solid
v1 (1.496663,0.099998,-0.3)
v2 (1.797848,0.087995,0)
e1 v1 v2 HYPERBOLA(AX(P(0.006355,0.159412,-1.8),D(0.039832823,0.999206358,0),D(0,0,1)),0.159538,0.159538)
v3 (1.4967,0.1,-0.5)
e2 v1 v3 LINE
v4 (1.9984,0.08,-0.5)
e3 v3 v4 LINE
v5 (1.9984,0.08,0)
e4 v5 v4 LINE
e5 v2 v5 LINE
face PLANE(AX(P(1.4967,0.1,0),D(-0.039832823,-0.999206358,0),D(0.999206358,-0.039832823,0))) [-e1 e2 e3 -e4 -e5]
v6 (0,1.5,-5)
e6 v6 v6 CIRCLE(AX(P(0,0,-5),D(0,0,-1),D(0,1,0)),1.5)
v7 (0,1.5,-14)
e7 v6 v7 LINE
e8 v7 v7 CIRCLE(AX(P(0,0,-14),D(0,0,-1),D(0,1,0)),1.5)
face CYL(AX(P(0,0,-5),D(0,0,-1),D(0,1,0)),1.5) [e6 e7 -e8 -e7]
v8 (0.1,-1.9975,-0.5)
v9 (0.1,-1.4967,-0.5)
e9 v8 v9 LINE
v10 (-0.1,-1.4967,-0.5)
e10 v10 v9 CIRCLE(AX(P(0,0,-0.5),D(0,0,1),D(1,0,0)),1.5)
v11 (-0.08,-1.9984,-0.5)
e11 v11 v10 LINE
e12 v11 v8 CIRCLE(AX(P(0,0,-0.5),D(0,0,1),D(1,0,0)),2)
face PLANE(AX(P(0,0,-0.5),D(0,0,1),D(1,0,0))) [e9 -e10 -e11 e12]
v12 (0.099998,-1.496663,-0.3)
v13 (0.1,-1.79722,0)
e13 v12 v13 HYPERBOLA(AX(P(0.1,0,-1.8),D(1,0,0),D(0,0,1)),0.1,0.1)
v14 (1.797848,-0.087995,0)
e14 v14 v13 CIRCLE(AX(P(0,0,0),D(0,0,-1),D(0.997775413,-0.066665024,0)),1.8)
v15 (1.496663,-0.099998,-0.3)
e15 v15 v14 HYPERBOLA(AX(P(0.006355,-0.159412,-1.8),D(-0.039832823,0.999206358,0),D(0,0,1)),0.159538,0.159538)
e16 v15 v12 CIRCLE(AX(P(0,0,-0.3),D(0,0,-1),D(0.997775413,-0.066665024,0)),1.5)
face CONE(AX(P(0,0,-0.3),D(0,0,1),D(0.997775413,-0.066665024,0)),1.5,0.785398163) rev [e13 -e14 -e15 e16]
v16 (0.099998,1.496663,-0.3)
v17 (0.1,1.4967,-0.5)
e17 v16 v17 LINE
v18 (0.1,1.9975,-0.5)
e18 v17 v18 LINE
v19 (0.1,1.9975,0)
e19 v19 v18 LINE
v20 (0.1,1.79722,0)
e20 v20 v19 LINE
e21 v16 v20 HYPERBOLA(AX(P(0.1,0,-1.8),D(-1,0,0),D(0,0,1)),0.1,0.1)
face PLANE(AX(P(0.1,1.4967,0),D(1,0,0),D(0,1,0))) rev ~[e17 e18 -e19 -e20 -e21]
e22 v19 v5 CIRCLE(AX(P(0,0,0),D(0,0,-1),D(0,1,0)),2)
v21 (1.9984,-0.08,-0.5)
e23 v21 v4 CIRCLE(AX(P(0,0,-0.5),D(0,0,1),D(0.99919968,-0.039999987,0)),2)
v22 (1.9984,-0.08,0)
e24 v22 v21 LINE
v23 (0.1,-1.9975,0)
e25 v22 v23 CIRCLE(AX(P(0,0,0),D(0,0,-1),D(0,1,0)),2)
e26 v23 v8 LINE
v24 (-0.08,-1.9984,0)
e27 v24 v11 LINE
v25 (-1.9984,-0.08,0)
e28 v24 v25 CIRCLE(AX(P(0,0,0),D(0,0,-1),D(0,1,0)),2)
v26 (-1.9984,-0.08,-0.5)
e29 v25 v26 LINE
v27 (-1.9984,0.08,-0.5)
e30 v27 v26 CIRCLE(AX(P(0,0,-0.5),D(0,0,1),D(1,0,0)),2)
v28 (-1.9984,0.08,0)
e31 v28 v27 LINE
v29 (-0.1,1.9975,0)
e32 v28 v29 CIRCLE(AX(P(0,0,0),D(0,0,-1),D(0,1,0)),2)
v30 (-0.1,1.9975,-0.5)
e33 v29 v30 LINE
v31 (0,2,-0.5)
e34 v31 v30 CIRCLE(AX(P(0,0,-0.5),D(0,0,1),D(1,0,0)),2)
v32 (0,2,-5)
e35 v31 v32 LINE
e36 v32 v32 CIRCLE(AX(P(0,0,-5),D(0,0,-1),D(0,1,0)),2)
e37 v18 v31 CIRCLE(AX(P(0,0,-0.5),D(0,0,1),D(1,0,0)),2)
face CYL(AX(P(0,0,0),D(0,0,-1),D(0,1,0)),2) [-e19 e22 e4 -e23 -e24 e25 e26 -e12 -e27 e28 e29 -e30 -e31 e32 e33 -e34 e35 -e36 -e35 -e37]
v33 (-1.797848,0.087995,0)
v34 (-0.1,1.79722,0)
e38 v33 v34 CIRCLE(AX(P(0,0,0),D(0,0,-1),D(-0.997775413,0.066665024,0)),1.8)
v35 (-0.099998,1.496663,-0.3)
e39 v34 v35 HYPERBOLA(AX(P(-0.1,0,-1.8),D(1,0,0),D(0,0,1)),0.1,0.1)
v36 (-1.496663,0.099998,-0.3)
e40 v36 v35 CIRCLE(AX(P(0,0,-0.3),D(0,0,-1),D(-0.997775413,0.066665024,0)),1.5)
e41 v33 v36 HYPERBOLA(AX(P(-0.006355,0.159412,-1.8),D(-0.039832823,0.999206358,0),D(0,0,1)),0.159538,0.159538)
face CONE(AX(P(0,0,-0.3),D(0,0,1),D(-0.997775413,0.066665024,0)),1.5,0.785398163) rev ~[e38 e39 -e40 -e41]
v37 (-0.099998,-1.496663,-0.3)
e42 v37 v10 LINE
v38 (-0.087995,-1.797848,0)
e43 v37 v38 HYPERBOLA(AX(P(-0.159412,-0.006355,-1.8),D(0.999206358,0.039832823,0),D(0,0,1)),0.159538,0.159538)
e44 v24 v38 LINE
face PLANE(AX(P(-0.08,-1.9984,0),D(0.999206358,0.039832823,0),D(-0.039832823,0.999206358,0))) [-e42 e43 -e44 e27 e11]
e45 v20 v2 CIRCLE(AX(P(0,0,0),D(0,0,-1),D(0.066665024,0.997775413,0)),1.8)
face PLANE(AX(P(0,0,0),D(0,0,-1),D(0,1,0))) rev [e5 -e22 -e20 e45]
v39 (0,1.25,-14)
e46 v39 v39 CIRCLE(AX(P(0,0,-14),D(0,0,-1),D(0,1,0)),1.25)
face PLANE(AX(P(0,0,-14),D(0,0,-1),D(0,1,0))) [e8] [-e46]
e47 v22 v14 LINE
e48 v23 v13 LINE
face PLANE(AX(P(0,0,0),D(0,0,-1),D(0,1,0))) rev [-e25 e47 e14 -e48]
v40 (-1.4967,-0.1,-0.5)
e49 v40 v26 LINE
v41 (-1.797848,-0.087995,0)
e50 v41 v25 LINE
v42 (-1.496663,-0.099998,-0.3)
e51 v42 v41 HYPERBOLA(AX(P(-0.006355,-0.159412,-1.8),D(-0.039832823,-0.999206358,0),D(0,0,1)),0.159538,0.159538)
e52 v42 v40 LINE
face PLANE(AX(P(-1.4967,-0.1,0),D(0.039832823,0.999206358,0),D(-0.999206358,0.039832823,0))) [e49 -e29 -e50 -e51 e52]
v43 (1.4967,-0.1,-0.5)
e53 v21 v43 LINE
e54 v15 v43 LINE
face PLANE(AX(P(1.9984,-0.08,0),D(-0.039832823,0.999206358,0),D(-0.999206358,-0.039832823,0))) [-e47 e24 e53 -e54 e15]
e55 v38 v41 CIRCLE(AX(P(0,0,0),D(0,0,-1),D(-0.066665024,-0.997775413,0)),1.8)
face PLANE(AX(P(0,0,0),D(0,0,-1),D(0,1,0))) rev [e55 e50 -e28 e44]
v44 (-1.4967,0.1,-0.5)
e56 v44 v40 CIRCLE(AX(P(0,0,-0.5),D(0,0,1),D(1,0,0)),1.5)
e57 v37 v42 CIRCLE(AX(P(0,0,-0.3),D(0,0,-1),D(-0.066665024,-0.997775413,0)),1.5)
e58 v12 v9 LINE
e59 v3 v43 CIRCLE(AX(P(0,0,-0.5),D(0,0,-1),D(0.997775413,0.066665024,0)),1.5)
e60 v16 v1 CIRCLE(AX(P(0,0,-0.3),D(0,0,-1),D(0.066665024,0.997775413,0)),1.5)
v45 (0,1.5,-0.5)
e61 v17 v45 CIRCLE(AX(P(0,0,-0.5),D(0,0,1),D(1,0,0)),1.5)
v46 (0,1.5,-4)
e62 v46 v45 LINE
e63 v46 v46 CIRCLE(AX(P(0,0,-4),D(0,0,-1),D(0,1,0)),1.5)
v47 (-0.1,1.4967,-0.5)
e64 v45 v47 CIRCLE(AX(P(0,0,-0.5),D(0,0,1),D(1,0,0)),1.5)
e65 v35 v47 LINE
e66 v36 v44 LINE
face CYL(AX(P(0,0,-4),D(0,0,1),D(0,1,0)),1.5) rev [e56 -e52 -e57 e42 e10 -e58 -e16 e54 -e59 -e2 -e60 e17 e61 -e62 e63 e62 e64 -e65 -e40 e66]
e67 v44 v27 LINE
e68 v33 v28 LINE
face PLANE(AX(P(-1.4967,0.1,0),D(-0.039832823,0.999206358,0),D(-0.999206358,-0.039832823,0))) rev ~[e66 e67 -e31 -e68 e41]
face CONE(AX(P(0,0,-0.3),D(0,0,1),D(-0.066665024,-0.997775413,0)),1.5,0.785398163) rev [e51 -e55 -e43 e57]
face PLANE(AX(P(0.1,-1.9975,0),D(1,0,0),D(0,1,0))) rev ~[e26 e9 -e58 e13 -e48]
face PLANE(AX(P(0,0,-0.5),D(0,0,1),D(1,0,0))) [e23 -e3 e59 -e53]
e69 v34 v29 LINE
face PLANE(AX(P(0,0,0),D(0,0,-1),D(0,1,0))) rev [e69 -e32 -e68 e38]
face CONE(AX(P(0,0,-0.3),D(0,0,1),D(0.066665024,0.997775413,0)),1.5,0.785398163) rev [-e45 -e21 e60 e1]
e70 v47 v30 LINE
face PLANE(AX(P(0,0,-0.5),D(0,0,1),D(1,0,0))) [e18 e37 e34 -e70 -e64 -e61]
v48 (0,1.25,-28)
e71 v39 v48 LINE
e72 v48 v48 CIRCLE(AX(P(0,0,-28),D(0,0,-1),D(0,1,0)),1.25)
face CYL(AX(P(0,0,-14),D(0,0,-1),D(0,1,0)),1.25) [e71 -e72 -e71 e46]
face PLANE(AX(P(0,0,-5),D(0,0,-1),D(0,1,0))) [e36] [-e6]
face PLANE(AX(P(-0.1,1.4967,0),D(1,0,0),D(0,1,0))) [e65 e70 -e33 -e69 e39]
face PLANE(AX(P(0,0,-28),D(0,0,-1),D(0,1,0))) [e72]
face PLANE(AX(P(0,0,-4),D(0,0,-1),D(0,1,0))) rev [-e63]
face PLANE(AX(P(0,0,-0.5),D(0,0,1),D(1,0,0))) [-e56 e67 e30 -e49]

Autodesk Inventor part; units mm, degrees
ref_plane "YZ Plane" through (0, 0, 0) normal (1, 0, 0) x (0, 1, 0)
ref_plane "XZ Plane" through (0, 0, 0) normal (0, 1, 0) x (-1, 0, 0)
ref_plane "XY Plane" through (0, 0, 0) normal (0, 0, 1) x (1, 0, 0)
sketch "Sketch1" plane through (0, 0, 0) normal (1, 0, 0) x (0, 1, 0)
  line L0 (0, 0) -> (0, -28) construction
  line L1 (0, 0) -> (2, 0)
  line L2 (2, 0) -> (2, -5)
  line L3 (2, -5) -> (0, -5)
  line L4 (0, -5) -> (0, 0)
  line L5 (0, -5) -> (1.5, -5)
  line L6 (1.5, -5) -> (1.5, -14)
  line L7 (1.5, -14) -> (0, -14)
  line L8 (0, -14) -> (0, -5)
  line L9 (0, -14) -> (1.25, -14)
  line L10 (1.25, -14) -> (1.25, -28)
  line L11 (1.25, -28) -> (0, -28)
  line L12 (0, -28) -> (0, -14)
  line L13 (1.5, -4) -> (1.5, 0)
  line L14 (0, -4) -> (1.5, -4)
  line L15 (2, 0) -> (1.5, 0)
  line L16 (0, -4) -> (0, -5)
  dimension "d0" = 28
  dimension "d2" = 5
  dimension "d5" = 9
  dimension "d6" = 3
  dimension "d7" = 1.25
  dimension "d23" = 4
  dimension "d24" = 0.5
revolve "Revolution1" add sketch "Sketch1" angle 360 about axis through (0, 0, 0) along (0, 0, -1) contours L1 L2 L3 L4 L14 L13 | L3 L6 L7 L8 | L7 L10 L11 L12
sketch "Sketch2" plane through (0, 0, 0) normal (0, 0, 1) x (1, 0, 0)
  line L0 (0, 0) -> (0, 5.9662) construction
  circle A0 centre (0, 0) radius 2 projected
  line L1 (0, 0) -> (0, -6.6565) construction
  line L2 (0, 0) -> (4.6514, 0) construction
  line L3 (0, 0) -> (-5.9334, 0) construction
  line L4 (1.9984, -0.08) -> (1.4967, -0.1)
  line L5 (0.1, -1.9975) -> (0.1, -1.4967)
  line L6 (1.4967, -0.1) -> (1.9984, -0.08)
  circle A1 centre (0, 0) radius 1.5 projected
  line L7 (0.1, 1.4967) -> (0.1, 1.9975)
  line L8 (-0.1, 1.4967) -> (-0.1, 1.9975)
  line L9 (-1.4967, 0.1) -> (-1.9984, 0.08)
  line L10 (-1.4967, -0.1) -> (-1.9984, -0.08)
  line L11 (-0.08, -1.9984) -> (-0.1, -1.4967)
  line L12 (1.4967, 0.1) -> (1.9984, 0.08)
  line L13 (1.9984, 0.08) -> (1.4967, 0.1)
  dimension "d14" = 0.1
extrude "Extrusion1" cut sketch "Sketch2" against normal blind 0.5 contours A0 L4 A1 L12 | L7 A1 L8 A0 | A0 L11 A1 L5 | L9 A1 L10 A0
chamfer "Chamfer1" distance 0.3 angle 45 4 edges at (1.0607, 1.0607, 0) (-1.0607, 1.0607, 0) (-1.0607, -1.0607, 0) (1.0607, -1.0607, 0)
thread "Thread1" size "M2.5x0.45" class "6g" standard "ANSI Metric M Profile" length 6 offset 8
properties part number "PINO DO BLOCO DE CONTATO" material "Aluminum 6061-AHC"
